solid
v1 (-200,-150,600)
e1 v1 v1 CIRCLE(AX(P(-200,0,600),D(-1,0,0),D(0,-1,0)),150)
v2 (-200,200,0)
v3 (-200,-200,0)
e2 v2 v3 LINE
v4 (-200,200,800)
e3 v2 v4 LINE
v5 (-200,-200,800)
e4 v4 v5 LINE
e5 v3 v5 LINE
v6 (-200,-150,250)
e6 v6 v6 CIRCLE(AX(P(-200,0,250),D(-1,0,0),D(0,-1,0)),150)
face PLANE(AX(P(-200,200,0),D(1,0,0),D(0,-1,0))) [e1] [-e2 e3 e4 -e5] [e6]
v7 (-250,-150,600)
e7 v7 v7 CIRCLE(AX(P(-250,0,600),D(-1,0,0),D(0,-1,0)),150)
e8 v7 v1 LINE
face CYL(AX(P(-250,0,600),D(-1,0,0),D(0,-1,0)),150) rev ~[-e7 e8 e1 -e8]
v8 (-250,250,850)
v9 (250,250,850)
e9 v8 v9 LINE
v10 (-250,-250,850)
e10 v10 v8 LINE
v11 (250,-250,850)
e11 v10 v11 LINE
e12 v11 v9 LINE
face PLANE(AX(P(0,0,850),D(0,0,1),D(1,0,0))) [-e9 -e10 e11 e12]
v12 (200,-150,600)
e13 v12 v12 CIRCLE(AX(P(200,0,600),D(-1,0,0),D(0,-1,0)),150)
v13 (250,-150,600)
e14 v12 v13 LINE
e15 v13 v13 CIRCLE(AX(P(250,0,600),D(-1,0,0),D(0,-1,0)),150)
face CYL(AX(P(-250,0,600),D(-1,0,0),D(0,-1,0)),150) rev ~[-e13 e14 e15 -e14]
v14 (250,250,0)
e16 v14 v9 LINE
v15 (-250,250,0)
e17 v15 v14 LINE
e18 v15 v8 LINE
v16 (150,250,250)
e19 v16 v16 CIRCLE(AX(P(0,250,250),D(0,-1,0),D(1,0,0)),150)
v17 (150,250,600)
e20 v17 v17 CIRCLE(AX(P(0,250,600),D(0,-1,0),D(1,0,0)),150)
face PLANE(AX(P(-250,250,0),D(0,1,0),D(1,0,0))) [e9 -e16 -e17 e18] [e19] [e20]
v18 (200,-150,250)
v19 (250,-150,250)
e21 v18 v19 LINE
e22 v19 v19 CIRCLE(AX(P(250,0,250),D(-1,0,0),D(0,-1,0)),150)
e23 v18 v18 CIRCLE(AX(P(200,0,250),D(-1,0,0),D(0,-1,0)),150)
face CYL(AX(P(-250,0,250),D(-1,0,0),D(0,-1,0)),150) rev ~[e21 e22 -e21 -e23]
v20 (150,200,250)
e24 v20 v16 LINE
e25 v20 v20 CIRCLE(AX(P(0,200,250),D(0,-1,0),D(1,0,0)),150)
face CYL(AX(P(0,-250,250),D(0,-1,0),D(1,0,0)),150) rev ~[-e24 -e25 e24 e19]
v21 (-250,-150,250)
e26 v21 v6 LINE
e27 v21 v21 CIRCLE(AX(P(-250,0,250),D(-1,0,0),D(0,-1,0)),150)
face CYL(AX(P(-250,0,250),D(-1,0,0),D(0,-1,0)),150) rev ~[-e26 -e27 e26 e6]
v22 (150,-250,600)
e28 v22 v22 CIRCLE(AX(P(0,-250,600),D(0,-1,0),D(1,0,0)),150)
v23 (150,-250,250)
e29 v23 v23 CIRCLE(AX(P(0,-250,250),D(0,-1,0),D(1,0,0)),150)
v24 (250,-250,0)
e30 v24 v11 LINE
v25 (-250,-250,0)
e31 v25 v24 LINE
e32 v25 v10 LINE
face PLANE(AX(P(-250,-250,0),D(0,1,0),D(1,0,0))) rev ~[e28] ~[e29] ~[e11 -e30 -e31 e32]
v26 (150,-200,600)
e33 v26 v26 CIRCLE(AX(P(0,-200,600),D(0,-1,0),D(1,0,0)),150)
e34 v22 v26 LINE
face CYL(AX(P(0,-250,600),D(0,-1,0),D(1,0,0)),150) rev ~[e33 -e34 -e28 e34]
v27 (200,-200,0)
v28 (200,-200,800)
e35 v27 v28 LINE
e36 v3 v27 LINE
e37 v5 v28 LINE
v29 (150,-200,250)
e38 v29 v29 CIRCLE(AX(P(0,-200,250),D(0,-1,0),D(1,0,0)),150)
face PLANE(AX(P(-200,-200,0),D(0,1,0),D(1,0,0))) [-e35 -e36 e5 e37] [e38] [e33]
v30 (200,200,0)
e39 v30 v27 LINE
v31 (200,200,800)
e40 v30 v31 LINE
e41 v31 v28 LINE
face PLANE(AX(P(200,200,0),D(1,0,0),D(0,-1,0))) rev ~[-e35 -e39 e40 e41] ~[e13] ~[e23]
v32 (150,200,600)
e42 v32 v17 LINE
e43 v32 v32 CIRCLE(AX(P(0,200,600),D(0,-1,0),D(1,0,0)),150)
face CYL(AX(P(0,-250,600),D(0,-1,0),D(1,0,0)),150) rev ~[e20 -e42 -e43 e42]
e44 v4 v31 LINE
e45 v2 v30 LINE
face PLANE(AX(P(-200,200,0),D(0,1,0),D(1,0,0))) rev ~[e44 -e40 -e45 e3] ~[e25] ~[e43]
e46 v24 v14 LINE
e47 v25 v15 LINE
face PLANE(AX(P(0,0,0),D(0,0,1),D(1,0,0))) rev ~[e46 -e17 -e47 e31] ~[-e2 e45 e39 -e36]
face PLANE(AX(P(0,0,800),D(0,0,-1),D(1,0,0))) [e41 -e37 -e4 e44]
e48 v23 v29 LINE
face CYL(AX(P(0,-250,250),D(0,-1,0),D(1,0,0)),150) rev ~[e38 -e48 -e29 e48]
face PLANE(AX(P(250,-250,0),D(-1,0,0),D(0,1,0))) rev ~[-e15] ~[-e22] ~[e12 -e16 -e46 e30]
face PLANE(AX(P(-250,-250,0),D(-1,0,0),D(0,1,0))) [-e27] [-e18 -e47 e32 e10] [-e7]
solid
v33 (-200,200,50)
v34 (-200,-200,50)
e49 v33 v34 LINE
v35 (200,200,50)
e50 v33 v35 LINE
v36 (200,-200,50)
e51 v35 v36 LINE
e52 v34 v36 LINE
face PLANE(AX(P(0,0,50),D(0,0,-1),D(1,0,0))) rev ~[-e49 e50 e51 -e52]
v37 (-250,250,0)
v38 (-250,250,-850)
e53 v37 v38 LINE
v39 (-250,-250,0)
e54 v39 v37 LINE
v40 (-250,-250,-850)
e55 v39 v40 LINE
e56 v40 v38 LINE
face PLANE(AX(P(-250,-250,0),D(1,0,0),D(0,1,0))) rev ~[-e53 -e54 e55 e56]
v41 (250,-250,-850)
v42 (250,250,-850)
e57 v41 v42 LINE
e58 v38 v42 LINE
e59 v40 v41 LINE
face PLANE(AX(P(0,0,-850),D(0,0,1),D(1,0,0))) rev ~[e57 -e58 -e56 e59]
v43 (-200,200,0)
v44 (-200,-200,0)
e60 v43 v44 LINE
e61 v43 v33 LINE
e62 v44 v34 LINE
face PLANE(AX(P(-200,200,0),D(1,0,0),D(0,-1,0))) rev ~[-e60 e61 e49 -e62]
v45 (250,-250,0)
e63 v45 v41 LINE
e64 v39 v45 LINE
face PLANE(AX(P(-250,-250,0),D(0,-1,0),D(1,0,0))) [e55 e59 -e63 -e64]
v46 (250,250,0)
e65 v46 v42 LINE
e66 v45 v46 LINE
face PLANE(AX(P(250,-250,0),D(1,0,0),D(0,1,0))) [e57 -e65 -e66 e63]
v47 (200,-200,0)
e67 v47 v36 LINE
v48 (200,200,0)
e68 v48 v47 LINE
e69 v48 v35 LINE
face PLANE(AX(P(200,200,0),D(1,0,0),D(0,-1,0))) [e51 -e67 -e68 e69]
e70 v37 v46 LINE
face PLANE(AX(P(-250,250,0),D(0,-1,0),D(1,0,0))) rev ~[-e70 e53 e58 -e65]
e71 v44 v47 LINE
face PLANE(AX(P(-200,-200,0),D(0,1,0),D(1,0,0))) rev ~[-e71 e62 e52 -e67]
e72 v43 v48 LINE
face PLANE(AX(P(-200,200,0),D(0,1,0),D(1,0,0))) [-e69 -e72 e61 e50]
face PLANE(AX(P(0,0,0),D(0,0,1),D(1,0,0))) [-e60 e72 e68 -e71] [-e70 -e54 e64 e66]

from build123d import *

# Parameters (mm, degrees)
F0_W     = 500
F0_H     = 500
F1_DEPTH = 850
F2_R     = 150
F3_DEPTH = 500.001
F4_R     = 150
F5_DEPTH = 500.001
F6_W     = 400
F6_H     = 400
F7_DEPTH = 800
F8_DEPTH = 850
F9_DEPTH = 50


with BuildPart() as f1:
    # F0 (on Top) → F1 (new body)
    with BuildSketch(Plane.XY):
        Rectangle(F0_W, F0_H)
    extrude(amount=F1_DEPTH)

    # F2 (on face) → F3 (cut, through all)
    with BuildSketch(Plane.XZ.offset(250)):
        with Locations((0, 600)):
            Circle(F2_R)
        with Locations((0, 250)):
            Circle(F2_R)
    extrude(amount=-F3_DEPTH, mode=Mode.SUBTRACT)

    # F4 (on face) → F5 (cut, through all)
    with BuildSketch(Plane(origin=(-250, 0, 0), x_dir=(0, -1, 0), z_dir=(-1, 0, 0))):
        with Locations((0, 250)):
            Circle(F4_R)
        with Locations((0, 600)):
            Circle(F4_R)
    extrude(amount=-F5_DEPTH, mode=Mode.SUBTRACT)

    # F6 (on face) → F7 (cut)
    with BuildSketch(Plane(origin=(0, 0, 0), x_dir=(1, 0, 0), z_dir=(0, 0, -1))):
        Rectangle(F6_W, F6_H)
    extrude(amount=-F7_DEPTH, mode=Mode.SUBTRACT)


with BuildPart() as f8:
    # F0 (on Top) → F8 (new body)
    with BuildSketch(Plane.XY):
        Rectangle(F0_W, F0_H)
    extrude(amount=-F8_DEPTH)

    # F6 (on face) → F9 (join)
    with BuildSketch(Plane(origin=(0, 0, 0), x_dir=(1, 0, 0), z_dir=(0, 0, -1))):
        Rectangle(F6_W, F6_H)
    extrude(amount=-F9_DEPTH)


solid = Compound([f1.part, f8.part])
